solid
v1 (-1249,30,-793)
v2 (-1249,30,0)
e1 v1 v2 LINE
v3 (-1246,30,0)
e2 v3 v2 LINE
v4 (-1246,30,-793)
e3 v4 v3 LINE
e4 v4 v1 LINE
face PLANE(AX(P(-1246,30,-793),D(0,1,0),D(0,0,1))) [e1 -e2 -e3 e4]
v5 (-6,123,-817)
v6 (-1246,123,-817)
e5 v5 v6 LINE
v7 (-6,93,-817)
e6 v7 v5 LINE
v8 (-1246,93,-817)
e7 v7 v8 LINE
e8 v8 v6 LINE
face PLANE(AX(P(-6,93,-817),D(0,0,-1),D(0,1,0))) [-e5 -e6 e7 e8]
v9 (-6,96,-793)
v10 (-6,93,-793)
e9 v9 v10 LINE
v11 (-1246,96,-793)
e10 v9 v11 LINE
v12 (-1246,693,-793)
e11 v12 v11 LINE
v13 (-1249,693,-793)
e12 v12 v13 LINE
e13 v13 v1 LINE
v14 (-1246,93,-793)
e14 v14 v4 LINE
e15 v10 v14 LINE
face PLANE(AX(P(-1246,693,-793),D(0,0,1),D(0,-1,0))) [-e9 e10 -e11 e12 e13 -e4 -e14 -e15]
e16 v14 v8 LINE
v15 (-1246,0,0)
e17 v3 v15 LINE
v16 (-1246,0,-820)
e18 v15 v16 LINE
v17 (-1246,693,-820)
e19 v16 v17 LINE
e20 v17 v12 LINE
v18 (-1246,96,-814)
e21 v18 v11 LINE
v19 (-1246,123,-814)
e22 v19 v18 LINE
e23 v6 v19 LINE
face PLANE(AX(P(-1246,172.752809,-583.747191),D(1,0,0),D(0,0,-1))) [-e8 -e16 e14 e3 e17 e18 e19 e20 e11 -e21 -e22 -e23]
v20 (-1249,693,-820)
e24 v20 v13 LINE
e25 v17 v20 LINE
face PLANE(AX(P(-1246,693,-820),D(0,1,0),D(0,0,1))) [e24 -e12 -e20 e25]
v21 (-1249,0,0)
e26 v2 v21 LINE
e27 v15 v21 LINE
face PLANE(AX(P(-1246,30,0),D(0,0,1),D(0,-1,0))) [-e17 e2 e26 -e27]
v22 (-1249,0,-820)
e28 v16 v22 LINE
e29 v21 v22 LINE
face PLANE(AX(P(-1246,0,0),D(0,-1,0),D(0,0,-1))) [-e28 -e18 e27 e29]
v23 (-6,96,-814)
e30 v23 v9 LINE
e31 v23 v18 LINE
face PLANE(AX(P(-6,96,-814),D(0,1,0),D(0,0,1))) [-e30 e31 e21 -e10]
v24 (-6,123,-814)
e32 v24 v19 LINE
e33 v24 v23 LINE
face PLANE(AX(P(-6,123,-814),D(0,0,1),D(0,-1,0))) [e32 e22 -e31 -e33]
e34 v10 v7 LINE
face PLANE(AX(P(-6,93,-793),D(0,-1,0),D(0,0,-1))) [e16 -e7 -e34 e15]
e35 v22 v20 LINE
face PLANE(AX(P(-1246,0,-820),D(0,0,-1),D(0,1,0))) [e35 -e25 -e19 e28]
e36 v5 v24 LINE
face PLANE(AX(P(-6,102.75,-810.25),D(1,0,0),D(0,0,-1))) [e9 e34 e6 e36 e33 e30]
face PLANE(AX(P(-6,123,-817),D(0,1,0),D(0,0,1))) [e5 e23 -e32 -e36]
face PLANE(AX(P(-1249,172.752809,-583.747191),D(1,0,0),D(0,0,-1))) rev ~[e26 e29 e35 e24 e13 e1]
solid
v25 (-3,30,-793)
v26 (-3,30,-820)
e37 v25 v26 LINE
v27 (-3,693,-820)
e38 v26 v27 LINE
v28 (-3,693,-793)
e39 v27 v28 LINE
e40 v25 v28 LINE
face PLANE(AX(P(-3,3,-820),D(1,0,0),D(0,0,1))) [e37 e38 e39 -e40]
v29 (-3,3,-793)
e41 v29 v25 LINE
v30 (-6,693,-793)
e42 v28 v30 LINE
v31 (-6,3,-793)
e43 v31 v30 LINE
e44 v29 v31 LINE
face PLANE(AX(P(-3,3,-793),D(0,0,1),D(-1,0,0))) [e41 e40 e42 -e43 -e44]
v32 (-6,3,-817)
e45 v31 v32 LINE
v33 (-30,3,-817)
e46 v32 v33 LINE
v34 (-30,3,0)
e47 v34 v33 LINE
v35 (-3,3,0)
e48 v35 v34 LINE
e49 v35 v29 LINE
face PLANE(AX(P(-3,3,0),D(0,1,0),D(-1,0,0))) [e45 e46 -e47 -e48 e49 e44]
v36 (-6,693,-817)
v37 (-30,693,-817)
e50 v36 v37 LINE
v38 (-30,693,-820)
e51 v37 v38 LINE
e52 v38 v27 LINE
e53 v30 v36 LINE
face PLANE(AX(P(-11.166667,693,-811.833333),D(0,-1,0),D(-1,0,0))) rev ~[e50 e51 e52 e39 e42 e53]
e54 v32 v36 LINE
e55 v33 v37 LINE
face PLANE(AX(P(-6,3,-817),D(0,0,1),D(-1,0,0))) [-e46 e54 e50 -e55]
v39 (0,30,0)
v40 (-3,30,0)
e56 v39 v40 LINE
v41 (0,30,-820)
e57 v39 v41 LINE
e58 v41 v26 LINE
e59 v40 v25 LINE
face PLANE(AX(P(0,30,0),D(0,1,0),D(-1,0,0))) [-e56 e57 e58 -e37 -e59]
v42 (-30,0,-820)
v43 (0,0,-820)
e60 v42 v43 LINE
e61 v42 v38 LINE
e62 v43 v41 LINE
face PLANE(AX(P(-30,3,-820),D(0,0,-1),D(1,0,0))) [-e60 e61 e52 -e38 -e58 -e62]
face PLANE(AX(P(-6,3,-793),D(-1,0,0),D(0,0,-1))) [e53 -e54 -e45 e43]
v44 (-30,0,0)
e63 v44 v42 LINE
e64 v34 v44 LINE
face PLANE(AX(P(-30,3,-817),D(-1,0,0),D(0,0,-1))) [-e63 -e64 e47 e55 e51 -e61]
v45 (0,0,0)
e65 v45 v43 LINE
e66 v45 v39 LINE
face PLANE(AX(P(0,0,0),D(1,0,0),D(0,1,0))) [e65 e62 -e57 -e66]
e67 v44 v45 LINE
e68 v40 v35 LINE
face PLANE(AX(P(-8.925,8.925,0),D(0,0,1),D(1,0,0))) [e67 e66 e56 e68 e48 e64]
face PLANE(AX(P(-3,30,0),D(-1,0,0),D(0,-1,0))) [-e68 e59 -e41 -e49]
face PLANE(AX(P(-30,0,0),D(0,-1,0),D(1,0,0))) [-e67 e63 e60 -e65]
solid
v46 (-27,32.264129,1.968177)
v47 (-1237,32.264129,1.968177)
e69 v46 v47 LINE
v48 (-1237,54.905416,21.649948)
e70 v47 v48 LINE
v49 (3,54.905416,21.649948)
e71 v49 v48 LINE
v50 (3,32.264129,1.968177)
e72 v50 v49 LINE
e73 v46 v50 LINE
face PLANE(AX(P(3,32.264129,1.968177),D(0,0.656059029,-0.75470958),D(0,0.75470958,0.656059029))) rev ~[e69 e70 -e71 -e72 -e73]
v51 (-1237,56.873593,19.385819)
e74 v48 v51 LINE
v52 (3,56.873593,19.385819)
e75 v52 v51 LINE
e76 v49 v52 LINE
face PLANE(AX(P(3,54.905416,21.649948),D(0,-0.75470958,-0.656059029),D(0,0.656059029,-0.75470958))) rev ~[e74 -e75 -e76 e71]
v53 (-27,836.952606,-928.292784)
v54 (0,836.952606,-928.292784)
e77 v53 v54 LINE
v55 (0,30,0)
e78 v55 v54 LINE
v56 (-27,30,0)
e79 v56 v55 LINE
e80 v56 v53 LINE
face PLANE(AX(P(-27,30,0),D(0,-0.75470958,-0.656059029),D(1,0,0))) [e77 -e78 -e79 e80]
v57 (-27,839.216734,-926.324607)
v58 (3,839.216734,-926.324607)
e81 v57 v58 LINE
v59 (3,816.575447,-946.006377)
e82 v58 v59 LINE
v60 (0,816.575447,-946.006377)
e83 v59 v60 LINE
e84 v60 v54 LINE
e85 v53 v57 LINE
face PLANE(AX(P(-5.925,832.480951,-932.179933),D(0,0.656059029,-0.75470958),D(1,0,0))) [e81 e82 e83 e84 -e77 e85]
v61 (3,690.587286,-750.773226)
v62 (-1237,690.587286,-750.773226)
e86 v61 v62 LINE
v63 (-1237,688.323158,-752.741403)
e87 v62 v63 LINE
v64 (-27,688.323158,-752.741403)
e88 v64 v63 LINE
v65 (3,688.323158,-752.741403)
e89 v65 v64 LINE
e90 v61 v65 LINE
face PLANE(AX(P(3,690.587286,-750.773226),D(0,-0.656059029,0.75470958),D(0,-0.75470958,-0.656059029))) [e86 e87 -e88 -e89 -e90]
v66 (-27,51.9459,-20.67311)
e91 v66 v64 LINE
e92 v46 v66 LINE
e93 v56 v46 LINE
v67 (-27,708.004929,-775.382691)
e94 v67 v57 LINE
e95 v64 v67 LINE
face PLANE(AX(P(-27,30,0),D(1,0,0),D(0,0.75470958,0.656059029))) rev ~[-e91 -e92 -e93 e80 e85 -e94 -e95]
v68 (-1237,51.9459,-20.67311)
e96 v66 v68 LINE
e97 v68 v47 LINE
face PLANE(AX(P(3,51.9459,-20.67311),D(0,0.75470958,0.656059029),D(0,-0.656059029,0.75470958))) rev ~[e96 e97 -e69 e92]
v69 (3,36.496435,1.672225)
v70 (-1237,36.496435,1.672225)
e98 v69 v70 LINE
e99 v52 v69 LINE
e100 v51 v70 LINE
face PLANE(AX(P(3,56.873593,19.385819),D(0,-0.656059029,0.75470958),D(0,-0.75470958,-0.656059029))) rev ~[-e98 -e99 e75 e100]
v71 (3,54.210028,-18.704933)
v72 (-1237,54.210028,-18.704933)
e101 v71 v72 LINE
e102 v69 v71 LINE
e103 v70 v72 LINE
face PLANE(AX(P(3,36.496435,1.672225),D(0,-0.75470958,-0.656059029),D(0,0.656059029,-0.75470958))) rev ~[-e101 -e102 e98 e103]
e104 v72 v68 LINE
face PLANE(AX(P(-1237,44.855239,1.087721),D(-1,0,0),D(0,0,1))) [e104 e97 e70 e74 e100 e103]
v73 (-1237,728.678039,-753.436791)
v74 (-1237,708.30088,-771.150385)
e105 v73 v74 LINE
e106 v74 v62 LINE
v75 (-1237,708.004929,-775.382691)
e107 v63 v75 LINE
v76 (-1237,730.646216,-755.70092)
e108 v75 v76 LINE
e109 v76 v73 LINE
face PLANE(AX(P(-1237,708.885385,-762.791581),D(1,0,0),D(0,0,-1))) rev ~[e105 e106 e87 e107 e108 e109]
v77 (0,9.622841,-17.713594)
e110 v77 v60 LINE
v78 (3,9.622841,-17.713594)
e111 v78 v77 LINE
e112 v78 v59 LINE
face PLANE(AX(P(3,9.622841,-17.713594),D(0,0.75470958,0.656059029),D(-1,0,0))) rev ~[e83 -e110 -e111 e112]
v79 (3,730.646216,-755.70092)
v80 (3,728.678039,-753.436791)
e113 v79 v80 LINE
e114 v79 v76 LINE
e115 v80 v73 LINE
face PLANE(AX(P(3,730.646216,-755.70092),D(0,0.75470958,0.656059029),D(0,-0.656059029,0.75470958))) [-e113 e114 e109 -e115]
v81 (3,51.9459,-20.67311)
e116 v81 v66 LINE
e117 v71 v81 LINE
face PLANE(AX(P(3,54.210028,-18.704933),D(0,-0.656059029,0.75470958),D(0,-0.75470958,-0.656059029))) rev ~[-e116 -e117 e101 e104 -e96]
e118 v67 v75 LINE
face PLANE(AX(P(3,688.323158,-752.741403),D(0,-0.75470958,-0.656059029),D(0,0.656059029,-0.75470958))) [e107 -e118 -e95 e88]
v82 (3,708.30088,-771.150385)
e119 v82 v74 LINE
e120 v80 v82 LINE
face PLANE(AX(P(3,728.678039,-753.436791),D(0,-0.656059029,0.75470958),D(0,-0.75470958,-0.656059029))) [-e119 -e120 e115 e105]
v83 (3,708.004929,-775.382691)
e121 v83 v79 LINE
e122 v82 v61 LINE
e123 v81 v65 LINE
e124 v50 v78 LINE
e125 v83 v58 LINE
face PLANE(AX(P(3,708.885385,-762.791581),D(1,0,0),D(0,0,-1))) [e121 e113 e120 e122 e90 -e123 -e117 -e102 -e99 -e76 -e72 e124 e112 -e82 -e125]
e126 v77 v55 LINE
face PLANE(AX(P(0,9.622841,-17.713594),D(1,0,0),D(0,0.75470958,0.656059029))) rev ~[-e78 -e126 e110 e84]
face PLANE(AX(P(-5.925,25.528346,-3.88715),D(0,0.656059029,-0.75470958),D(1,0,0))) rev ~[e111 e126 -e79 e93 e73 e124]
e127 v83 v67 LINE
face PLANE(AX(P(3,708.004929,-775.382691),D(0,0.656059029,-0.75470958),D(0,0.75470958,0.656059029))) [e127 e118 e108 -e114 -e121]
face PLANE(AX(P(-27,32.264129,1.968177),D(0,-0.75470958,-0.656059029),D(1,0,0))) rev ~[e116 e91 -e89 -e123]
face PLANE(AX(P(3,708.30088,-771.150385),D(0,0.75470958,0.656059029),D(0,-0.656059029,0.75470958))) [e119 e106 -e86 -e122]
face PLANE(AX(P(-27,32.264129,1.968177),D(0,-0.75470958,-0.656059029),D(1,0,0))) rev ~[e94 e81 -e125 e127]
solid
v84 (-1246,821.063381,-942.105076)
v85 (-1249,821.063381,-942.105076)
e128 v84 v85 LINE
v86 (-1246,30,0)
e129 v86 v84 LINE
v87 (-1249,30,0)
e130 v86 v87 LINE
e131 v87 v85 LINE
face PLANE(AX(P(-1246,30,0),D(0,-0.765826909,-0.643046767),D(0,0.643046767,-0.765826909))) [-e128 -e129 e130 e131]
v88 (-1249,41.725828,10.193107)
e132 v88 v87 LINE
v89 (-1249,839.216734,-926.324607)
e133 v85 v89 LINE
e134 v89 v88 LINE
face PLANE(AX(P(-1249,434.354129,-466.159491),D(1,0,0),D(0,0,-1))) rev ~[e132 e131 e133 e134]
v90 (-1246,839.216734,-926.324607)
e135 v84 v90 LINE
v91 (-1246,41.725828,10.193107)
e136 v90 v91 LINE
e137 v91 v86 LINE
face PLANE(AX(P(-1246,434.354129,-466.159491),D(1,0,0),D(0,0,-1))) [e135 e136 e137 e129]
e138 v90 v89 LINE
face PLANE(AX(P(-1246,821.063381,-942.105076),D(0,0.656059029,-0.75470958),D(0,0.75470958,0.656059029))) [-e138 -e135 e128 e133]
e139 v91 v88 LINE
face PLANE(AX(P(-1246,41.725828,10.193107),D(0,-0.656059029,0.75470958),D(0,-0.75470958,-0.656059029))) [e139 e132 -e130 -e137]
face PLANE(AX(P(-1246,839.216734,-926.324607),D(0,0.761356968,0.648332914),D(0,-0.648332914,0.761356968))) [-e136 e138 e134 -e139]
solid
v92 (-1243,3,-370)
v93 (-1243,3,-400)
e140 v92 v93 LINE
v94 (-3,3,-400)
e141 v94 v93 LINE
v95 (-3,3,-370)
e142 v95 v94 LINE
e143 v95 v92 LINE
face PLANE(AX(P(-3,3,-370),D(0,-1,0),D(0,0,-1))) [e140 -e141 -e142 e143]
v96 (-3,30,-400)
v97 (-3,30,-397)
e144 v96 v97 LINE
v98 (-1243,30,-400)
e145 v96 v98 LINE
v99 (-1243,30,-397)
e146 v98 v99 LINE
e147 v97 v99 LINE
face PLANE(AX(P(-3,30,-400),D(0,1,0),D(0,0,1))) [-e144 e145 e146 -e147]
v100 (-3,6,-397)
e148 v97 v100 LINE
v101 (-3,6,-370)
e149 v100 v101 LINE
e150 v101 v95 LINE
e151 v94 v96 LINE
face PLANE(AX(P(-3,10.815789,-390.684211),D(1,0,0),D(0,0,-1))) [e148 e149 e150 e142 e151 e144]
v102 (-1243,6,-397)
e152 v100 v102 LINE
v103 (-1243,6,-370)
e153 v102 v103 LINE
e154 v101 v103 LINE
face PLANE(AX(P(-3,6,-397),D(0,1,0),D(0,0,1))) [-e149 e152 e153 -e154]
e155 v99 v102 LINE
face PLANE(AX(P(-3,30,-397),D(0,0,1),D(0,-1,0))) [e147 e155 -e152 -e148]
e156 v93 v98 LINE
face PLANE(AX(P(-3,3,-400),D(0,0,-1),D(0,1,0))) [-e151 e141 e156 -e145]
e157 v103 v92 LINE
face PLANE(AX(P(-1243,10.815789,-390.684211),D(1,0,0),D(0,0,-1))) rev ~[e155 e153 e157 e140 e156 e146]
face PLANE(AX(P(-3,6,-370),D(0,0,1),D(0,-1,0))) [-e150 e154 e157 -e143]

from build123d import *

# Parameters (mm, degrees)
EXTRUDE_1_DEPTH  = 820
EXTRUDE_2_DEPTH  = 690
EXTRUDE_6_DEPTH  = 1230
EXTRUDE_7_DEPTH  = 1240
EXTRUDE_9_DEPTH  = 1240
EXTRUDE_11_DEPTH = 1240
EXTRUDE_12_DEPTH = 1240
EXTRUDE_13_DEPTH = 3
EXTRUDE_14_DEPTH = 3


with BuildPart() as part:
    # 草圖1 → 填料-伸長1 (new body)
    with BuildSketch(Plane.XY):
        Polygon((-30, 0), (0, 0), (0, 30), (-3, 30), (-3, 3), (-30, 3), align=None)
    extrude(amount=-EXTRUDE_1_DEPTH)

    # 草圖2 → 填料-伸長2 (add)
    with BuildSketch(Plane(origin=(0, 3, 0), x_dir=(1, 0, 0), z_dir=(0, 1, 0))):
        Polygon((-30, 820), (-3, 820), (-3, 793), (-6, 793), (-6, 817), (-30, 817), align=None)
    extrude(amount=EXTRUDE_2_DEPTH)


with BuildPart() as body_2:
    # 草圖5 → 填料-伸長6 (new body)
    with BuildSketch(Plane(origin=(0, 12.912403486, -14.854021031), x_dir=(-1, 0, 0), z_dir=(0, -0.6560590289905112, 0.7547095802227686))):
        Polygon((3, -22.641287407), (27, -22.641287407), (27, -25.641287407), (-3, -25.641287407), (-3, 4.358712593), (0, 4.358712593), (0, -22.641287407), align=None)
    extrude(amount=-EXTRUDE_6_DEPTH)

    # 草圖7 → 填料-伸長7 (add)
    with BuildSketch(Plane(origin=(3, 0, 0), x_dir=(0, 0, -1), z_dir=(1, 0, 0))):
        Polygon((-1.968177087, 32.264128741), (-21.649947957, 54.905416147), (-19.385819216, 56.873593234), (-1.672225433, 36.496434568), (18.704933233, 54.210028351), (20.67311032, 51.94589961), align=None)
    extrude(amount=-EXTRUDE_7_DEPTH)

    # 草圖10 → 填料-伸長12 (add)
    with BuildSketch(Plane(origin=(3, 0, 0), x_dir=(0, 0, -1), z_dir=(1, 0, 0))):
        Polygon((752.741403136, 688.323157731), (775.382690542, 708.004928601), (755.700919673, 730.646216008), (753.436790932, 728.678038921), (771.150384715, 708.300880255), (750.773226049, 690.587286472), align=None)
    extrude(amount=-EXTRUDE_12_DEPTH)


with BuildPart() as body_3:
    # 草圖8 → 填料-伸長9 (new body)
    with BuildSketch(Plane.ZY.offset(3)):
        Polygon((-400, 3), (-400, 30), (-397, 30), (-397, 6), (-370, 6), (-370, 3), align=None)
    extrude(amount=EXTRUDE_9_DEPTH)


with BuildPart() as body_4:
    # 草圖9 → 填料-伸長11 (new body)
    with BuildSketch(Plane.ZY.offset(6)):
        Polygon((-793, 93), (-817, 93), (-817, 123), (-814, 123), (-814, 96), (-793, 96), align=None)
    extrude(amount=EXTRUDE_11_DEPTH)

    # 草圖12 → 填料-伸長13 (add)
    with BuildSketch(Plane.ZY.offset(1246)):
        Polygon((0, 0), (-820, 0), (-820, 693), (-793, 693), (-793, 30), (0, 30), align=None)
    extrude(amount=EXTRUDE_13_DEPTH)


with BuildPart() as body_5:
    # 草圖13 → 填料-伸長14 (new body)
    with BuildSketch(Plane(origin=(-1246, 0, 0), x_dir=(0, 0, -1), z_dir=(1, 0, 0))):
        Polygon((0, 30), (942.105076275, 821.063380618), (926.324606587, 839.216734399), (-10.193106927, 41.72582818), align=None)
    extrude(amount=-EXTRUDE_14_DEPTH)


solid = Compound([part.part, body_2.part, body_3.part, body_4.part, body_5.part])
